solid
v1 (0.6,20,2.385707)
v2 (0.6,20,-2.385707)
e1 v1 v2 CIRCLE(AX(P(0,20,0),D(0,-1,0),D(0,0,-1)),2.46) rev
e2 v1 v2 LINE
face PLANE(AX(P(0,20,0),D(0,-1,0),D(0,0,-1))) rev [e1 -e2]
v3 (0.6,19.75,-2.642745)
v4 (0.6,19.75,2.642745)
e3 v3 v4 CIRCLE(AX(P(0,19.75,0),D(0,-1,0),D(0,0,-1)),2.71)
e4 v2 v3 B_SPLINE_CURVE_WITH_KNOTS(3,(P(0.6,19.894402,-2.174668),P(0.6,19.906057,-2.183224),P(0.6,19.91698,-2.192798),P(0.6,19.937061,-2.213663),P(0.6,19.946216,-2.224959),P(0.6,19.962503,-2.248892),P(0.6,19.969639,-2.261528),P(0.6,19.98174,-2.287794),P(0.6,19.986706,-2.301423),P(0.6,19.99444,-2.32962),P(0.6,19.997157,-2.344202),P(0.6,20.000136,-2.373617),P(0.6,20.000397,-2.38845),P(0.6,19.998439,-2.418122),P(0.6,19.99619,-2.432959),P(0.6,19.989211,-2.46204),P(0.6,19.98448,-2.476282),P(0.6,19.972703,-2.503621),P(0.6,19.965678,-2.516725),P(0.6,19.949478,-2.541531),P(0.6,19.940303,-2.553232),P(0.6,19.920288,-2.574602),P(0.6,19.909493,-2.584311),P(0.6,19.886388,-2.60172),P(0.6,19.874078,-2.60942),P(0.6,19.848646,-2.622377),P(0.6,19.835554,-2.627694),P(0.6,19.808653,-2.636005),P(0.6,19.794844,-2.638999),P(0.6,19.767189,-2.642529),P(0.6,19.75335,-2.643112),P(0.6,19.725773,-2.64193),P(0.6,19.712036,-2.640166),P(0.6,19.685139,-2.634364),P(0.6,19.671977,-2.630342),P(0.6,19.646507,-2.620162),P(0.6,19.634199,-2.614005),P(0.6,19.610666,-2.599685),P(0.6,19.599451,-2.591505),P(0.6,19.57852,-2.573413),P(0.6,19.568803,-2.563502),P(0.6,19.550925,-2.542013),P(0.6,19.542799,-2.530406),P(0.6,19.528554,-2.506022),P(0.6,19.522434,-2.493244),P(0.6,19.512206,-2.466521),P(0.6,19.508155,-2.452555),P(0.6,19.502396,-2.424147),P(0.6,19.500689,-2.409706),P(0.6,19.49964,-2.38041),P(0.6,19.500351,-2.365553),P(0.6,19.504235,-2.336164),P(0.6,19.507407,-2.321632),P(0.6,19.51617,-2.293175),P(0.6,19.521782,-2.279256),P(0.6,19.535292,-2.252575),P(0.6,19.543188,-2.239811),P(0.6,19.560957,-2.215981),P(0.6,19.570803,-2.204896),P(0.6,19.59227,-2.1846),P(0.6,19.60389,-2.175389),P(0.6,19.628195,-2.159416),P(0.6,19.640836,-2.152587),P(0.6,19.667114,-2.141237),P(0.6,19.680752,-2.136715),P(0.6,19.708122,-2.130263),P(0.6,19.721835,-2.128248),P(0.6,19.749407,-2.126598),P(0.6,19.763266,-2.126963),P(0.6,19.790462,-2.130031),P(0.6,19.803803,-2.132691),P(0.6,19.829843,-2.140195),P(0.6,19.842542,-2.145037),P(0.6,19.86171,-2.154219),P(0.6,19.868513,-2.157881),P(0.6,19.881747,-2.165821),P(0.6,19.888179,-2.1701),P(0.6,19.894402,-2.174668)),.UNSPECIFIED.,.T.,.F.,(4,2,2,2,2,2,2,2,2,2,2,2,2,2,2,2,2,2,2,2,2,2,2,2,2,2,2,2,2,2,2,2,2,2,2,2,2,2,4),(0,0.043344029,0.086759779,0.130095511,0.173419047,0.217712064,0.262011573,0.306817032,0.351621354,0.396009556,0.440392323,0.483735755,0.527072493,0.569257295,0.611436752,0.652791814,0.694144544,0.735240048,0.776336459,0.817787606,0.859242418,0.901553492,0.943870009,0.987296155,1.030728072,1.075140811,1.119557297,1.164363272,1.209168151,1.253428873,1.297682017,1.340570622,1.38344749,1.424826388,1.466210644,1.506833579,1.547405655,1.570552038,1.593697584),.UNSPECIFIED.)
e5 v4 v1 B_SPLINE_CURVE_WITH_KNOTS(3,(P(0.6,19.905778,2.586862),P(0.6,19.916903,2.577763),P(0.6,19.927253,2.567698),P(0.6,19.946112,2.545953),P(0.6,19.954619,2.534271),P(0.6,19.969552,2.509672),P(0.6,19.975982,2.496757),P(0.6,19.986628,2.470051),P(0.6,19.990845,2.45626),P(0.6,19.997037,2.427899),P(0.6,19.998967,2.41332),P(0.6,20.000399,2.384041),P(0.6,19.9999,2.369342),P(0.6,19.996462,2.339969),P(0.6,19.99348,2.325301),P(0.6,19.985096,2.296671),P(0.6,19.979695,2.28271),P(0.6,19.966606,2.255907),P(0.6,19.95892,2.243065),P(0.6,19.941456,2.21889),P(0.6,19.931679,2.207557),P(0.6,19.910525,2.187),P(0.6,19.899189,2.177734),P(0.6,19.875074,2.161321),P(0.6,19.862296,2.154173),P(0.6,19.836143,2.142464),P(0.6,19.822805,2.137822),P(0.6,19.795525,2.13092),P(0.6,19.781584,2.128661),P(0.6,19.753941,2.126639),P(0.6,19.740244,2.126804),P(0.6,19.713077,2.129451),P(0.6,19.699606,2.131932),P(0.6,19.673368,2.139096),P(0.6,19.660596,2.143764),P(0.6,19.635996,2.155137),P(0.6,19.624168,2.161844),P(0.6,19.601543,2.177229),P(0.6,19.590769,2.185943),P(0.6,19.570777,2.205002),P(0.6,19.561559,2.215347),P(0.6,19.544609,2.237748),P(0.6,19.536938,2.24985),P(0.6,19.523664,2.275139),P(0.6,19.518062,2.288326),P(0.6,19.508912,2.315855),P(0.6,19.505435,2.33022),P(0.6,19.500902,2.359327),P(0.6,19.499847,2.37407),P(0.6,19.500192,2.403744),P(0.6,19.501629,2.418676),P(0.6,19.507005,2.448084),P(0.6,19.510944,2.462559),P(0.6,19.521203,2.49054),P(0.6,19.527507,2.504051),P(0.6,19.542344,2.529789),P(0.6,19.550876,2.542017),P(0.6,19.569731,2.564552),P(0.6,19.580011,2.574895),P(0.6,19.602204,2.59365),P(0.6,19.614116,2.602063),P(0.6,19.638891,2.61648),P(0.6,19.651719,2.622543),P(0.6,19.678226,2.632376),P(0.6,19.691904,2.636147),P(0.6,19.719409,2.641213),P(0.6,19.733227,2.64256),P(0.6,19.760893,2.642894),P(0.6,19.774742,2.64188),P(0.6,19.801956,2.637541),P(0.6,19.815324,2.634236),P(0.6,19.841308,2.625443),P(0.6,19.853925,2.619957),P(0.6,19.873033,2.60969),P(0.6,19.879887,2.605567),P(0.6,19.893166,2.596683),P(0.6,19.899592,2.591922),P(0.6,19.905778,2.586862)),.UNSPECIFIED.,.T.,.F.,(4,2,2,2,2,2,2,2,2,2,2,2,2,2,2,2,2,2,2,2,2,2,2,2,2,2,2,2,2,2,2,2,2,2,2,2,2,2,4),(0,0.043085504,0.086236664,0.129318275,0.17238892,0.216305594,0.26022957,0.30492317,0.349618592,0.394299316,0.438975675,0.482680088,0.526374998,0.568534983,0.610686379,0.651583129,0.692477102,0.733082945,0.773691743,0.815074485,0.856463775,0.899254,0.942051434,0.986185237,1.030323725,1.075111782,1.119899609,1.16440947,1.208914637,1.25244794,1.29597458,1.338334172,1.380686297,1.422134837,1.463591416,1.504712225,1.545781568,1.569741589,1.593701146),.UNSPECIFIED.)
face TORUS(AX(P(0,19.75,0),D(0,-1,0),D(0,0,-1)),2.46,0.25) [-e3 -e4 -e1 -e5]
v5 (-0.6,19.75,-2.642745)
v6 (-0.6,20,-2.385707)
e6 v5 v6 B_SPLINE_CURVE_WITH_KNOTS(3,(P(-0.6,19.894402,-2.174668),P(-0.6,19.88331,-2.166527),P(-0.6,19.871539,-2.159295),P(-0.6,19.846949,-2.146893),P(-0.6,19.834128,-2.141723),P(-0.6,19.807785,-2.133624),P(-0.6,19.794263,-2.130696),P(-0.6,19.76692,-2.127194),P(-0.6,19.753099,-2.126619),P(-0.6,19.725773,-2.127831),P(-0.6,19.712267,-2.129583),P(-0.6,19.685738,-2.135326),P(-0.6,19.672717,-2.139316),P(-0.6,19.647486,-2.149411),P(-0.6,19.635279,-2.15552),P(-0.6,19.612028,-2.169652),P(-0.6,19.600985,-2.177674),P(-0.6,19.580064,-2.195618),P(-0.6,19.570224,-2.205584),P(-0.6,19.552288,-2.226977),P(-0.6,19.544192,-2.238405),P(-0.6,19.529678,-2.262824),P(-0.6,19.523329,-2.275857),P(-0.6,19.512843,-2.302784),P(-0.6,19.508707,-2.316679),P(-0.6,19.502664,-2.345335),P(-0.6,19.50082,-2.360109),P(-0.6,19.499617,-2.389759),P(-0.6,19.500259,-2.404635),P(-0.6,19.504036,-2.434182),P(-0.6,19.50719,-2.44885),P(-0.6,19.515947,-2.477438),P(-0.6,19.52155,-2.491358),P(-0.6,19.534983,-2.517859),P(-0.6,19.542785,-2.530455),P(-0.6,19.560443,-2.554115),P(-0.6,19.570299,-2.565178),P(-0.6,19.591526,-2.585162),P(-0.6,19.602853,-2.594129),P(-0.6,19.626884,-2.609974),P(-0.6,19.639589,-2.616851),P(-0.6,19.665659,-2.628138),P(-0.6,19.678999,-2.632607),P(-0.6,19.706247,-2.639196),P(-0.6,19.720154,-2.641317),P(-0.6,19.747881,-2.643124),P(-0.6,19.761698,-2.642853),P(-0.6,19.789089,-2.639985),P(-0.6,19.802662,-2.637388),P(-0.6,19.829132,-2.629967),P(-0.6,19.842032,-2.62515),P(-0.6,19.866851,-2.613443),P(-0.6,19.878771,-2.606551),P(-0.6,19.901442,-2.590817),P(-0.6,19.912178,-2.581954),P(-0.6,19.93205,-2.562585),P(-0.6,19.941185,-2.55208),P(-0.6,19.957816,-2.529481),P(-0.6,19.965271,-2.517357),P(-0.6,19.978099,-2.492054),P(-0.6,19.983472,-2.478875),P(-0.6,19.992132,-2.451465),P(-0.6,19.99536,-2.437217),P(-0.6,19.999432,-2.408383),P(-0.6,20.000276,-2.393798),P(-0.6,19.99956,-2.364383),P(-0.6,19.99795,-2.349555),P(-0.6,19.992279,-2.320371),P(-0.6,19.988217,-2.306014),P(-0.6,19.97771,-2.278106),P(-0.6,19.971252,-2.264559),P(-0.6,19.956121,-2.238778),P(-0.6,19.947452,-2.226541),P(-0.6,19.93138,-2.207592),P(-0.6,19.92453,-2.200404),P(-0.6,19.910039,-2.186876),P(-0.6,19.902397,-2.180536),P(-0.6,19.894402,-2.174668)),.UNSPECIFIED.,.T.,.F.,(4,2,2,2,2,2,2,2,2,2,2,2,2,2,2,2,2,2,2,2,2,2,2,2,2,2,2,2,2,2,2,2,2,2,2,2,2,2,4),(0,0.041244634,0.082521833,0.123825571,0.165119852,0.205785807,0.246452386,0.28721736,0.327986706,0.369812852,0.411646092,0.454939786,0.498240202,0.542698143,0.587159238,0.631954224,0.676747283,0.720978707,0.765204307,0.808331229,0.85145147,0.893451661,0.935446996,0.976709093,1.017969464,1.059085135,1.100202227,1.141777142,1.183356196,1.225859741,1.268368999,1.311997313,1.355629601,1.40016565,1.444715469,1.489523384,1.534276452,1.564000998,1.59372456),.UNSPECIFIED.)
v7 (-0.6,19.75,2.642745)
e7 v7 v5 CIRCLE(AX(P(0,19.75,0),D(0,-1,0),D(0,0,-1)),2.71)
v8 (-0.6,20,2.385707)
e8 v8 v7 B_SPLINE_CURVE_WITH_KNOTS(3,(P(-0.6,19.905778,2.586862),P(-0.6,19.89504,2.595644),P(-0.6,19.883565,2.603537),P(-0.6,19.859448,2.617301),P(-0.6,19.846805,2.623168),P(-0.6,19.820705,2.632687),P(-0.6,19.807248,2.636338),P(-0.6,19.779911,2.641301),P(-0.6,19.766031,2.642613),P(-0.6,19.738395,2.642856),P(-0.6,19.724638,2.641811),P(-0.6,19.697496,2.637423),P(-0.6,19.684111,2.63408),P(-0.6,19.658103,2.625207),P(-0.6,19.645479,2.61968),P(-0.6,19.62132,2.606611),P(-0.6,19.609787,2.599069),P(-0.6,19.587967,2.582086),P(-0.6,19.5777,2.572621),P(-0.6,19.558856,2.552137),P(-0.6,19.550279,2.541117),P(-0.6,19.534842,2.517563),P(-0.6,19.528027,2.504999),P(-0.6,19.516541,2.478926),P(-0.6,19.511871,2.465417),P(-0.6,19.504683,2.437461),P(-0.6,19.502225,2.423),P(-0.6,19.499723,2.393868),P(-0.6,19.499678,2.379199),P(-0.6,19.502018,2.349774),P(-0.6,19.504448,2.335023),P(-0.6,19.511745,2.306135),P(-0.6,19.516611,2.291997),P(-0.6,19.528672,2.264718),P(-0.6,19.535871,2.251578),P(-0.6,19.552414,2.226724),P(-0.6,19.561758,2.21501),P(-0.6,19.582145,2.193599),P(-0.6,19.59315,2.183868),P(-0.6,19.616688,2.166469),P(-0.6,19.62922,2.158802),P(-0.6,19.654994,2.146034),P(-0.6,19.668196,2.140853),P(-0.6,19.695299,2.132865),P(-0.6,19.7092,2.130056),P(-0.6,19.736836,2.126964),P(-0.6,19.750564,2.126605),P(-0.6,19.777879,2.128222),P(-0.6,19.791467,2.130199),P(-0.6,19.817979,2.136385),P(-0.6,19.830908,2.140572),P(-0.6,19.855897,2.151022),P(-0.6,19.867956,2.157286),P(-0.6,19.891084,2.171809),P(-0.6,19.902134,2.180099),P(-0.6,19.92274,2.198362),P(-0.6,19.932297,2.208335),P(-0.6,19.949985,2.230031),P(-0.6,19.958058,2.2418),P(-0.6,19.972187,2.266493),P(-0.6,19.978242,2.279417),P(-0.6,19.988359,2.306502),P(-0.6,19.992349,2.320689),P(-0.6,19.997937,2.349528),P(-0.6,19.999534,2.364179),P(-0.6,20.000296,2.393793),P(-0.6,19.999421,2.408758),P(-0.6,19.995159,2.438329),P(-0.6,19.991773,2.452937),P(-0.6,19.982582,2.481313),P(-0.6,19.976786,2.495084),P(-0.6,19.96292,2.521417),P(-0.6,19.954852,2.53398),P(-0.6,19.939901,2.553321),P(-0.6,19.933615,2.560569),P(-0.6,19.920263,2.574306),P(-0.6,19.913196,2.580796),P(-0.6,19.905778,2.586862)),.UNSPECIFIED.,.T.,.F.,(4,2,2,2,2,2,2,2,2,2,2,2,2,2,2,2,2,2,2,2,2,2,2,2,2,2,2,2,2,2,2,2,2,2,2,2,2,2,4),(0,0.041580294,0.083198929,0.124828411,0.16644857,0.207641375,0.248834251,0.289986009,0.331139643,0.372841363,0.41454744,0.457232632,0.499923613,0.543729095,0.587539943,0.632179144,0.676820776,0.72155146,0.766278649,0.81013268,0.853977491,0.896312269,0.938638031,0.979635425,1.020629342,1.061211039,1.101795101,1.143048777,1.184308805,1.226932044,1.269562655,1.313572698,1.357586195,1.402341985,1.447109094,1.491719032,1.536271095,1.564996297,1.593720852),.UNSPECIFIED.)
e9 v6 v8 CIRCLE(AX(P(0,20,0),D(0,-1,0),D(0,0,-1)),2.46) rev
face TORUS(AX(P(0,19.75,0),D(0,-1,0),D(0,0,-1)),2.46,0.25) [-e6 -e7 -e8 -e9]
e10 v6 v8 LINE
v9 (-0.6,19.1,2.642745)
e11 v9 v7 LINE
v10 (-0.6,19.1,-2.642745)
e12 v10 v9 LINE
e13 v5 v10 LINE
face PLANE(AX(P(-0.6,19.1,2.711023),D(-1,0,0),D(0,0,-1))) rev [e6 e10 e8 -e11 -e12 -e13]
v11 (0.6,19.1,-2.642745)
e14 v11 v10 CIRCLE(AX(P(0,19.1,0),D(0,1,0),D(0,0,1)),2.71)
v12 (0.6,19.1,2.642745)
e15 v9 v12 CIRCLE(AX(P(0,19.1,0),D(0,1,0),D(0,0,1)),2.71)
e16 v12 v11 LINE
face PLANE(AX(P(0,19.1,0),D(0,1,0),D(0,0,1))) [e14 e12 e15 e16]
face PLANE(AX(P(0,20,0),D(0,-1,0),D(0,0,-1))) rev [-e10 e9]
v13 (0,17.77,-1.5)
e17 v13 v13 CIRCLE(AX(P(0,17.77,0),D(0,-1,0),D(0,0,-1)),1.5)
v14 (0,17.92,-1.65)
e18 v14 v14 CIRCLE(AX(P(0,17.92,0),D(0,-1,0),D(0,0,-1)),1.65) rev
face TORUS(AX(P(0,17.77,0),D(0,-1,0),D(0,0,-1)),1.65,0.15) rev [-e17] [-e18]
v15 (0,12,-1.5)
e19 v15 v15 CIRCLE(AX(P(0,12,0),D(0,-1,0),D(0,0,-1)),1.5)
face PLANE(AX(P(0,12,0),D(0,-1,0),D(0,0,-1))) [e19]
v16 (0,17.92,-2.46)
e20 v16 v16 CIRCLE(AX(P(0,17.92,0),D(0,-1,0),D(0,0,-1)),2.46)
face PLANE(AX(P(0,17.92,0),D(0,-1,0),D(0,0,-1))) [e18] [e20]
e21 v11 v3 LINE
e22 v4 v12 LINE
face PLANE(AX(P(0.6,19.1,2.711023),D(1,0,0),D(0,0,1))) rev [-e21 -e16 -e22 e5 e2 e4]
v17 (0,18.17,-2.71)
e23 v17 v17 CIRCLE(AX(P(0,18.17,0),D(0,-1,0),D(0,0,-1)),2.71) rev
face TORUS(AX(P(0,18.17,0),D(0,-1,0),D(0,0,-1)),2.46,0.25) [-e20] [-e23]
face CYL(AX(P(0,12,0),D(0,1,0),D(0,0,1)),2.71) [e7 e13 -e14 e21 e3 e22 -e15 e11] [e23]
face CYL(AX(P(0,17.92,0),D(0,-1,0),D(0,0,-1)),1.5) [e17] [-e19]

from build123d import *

# Parameters (mm, degrees)
SKETCH1_R             = 2.71
BOSS_EXTRUDE1_DEPTH   = 8
SKETCH2_OUTSIDE_W     = 9.636
SKETCH2_OUTSIDE_H     = 9.636
SKETCH2_OUTSIDE_R     = 1.5
CUT_EXTRUDE1_DEPTH    = 5.92
FILLET1_R             = 0.25
FILLET2_R             = 0.15
SKETCH3_W             = 1.2
SKETCH3_H             = 5.422046684
CUT_EXTRUDE2_DEPTH    = 0.9
BODY_MOVE_COPY1_ANGLE = 180


with BuildPart() as part:
    # Sketch1 → Boss-Extrude1 (new body)
    with BuildSketch(Plane(origin=(0, 0, 0), x_dir=(1, 0, 0), z_dir=(0, 1, 0))):
        with Locations(Location((0, 0, 0), (0, 0, 270))):
            Circle(SKETCH1_R)
    extrude(amount=BOSS_EXTRUDE1_DEPTH)

    # Sketch2 outside → Cut-Extrude1 (cut)
    with BuildSketch(Plane(origin=(0, 8, 0), x_dir=(1, 0, 0), z_dir=(0, 1, 0))):
        Rectangle(SKETCH2_OUTSIDE_W, SKETCH2_OUTSIDE_H)
        with Locations(Location((0, 0, 0), (0, 0, 270))):
            Circle(SKETCH2_OUTSIDE_R, mode=Mode.SUBTRACT)
    extrude(amount=-CUT_EXTRUDE1_DEPTH, mode=Mode.SUBTRACT)

    # Fillet1
    fillet1_edges = [part.edges().sort_by_distance(p)[0] for p in [
        (0, 0, -2.71),
        (0, 2.08, -2.71),
    ]]
    fillet(fillet1_edges, radius=FILLET1_R)

    # Fillet2
    fillet2_edges = [part.edges().sort_by_distance(p)[0] for p in [
        (0, 2.08, -1.5),
    ]]
    fillet(fillet2_edges, radius=FILLET2_R)

    # Sketch3 → Cut-Extrude2 (cut)
    with BuildSketch(Plane.XZ):
        Rectangle(SKETCH3_W, SKETCH3_H)
    extrude(amount=-CUT_EXTRUDE2_DEPTH, mode=Mode.SUBTRACT)


with BuildPart() as part_1:
    # Body-Move/Copy1: moved
    add(part.part.rotate(Axis((0, 10, 0), (1, 0, 0)), BODY_MOVE_COPY1_ANGLE))


solid = part_1.part
